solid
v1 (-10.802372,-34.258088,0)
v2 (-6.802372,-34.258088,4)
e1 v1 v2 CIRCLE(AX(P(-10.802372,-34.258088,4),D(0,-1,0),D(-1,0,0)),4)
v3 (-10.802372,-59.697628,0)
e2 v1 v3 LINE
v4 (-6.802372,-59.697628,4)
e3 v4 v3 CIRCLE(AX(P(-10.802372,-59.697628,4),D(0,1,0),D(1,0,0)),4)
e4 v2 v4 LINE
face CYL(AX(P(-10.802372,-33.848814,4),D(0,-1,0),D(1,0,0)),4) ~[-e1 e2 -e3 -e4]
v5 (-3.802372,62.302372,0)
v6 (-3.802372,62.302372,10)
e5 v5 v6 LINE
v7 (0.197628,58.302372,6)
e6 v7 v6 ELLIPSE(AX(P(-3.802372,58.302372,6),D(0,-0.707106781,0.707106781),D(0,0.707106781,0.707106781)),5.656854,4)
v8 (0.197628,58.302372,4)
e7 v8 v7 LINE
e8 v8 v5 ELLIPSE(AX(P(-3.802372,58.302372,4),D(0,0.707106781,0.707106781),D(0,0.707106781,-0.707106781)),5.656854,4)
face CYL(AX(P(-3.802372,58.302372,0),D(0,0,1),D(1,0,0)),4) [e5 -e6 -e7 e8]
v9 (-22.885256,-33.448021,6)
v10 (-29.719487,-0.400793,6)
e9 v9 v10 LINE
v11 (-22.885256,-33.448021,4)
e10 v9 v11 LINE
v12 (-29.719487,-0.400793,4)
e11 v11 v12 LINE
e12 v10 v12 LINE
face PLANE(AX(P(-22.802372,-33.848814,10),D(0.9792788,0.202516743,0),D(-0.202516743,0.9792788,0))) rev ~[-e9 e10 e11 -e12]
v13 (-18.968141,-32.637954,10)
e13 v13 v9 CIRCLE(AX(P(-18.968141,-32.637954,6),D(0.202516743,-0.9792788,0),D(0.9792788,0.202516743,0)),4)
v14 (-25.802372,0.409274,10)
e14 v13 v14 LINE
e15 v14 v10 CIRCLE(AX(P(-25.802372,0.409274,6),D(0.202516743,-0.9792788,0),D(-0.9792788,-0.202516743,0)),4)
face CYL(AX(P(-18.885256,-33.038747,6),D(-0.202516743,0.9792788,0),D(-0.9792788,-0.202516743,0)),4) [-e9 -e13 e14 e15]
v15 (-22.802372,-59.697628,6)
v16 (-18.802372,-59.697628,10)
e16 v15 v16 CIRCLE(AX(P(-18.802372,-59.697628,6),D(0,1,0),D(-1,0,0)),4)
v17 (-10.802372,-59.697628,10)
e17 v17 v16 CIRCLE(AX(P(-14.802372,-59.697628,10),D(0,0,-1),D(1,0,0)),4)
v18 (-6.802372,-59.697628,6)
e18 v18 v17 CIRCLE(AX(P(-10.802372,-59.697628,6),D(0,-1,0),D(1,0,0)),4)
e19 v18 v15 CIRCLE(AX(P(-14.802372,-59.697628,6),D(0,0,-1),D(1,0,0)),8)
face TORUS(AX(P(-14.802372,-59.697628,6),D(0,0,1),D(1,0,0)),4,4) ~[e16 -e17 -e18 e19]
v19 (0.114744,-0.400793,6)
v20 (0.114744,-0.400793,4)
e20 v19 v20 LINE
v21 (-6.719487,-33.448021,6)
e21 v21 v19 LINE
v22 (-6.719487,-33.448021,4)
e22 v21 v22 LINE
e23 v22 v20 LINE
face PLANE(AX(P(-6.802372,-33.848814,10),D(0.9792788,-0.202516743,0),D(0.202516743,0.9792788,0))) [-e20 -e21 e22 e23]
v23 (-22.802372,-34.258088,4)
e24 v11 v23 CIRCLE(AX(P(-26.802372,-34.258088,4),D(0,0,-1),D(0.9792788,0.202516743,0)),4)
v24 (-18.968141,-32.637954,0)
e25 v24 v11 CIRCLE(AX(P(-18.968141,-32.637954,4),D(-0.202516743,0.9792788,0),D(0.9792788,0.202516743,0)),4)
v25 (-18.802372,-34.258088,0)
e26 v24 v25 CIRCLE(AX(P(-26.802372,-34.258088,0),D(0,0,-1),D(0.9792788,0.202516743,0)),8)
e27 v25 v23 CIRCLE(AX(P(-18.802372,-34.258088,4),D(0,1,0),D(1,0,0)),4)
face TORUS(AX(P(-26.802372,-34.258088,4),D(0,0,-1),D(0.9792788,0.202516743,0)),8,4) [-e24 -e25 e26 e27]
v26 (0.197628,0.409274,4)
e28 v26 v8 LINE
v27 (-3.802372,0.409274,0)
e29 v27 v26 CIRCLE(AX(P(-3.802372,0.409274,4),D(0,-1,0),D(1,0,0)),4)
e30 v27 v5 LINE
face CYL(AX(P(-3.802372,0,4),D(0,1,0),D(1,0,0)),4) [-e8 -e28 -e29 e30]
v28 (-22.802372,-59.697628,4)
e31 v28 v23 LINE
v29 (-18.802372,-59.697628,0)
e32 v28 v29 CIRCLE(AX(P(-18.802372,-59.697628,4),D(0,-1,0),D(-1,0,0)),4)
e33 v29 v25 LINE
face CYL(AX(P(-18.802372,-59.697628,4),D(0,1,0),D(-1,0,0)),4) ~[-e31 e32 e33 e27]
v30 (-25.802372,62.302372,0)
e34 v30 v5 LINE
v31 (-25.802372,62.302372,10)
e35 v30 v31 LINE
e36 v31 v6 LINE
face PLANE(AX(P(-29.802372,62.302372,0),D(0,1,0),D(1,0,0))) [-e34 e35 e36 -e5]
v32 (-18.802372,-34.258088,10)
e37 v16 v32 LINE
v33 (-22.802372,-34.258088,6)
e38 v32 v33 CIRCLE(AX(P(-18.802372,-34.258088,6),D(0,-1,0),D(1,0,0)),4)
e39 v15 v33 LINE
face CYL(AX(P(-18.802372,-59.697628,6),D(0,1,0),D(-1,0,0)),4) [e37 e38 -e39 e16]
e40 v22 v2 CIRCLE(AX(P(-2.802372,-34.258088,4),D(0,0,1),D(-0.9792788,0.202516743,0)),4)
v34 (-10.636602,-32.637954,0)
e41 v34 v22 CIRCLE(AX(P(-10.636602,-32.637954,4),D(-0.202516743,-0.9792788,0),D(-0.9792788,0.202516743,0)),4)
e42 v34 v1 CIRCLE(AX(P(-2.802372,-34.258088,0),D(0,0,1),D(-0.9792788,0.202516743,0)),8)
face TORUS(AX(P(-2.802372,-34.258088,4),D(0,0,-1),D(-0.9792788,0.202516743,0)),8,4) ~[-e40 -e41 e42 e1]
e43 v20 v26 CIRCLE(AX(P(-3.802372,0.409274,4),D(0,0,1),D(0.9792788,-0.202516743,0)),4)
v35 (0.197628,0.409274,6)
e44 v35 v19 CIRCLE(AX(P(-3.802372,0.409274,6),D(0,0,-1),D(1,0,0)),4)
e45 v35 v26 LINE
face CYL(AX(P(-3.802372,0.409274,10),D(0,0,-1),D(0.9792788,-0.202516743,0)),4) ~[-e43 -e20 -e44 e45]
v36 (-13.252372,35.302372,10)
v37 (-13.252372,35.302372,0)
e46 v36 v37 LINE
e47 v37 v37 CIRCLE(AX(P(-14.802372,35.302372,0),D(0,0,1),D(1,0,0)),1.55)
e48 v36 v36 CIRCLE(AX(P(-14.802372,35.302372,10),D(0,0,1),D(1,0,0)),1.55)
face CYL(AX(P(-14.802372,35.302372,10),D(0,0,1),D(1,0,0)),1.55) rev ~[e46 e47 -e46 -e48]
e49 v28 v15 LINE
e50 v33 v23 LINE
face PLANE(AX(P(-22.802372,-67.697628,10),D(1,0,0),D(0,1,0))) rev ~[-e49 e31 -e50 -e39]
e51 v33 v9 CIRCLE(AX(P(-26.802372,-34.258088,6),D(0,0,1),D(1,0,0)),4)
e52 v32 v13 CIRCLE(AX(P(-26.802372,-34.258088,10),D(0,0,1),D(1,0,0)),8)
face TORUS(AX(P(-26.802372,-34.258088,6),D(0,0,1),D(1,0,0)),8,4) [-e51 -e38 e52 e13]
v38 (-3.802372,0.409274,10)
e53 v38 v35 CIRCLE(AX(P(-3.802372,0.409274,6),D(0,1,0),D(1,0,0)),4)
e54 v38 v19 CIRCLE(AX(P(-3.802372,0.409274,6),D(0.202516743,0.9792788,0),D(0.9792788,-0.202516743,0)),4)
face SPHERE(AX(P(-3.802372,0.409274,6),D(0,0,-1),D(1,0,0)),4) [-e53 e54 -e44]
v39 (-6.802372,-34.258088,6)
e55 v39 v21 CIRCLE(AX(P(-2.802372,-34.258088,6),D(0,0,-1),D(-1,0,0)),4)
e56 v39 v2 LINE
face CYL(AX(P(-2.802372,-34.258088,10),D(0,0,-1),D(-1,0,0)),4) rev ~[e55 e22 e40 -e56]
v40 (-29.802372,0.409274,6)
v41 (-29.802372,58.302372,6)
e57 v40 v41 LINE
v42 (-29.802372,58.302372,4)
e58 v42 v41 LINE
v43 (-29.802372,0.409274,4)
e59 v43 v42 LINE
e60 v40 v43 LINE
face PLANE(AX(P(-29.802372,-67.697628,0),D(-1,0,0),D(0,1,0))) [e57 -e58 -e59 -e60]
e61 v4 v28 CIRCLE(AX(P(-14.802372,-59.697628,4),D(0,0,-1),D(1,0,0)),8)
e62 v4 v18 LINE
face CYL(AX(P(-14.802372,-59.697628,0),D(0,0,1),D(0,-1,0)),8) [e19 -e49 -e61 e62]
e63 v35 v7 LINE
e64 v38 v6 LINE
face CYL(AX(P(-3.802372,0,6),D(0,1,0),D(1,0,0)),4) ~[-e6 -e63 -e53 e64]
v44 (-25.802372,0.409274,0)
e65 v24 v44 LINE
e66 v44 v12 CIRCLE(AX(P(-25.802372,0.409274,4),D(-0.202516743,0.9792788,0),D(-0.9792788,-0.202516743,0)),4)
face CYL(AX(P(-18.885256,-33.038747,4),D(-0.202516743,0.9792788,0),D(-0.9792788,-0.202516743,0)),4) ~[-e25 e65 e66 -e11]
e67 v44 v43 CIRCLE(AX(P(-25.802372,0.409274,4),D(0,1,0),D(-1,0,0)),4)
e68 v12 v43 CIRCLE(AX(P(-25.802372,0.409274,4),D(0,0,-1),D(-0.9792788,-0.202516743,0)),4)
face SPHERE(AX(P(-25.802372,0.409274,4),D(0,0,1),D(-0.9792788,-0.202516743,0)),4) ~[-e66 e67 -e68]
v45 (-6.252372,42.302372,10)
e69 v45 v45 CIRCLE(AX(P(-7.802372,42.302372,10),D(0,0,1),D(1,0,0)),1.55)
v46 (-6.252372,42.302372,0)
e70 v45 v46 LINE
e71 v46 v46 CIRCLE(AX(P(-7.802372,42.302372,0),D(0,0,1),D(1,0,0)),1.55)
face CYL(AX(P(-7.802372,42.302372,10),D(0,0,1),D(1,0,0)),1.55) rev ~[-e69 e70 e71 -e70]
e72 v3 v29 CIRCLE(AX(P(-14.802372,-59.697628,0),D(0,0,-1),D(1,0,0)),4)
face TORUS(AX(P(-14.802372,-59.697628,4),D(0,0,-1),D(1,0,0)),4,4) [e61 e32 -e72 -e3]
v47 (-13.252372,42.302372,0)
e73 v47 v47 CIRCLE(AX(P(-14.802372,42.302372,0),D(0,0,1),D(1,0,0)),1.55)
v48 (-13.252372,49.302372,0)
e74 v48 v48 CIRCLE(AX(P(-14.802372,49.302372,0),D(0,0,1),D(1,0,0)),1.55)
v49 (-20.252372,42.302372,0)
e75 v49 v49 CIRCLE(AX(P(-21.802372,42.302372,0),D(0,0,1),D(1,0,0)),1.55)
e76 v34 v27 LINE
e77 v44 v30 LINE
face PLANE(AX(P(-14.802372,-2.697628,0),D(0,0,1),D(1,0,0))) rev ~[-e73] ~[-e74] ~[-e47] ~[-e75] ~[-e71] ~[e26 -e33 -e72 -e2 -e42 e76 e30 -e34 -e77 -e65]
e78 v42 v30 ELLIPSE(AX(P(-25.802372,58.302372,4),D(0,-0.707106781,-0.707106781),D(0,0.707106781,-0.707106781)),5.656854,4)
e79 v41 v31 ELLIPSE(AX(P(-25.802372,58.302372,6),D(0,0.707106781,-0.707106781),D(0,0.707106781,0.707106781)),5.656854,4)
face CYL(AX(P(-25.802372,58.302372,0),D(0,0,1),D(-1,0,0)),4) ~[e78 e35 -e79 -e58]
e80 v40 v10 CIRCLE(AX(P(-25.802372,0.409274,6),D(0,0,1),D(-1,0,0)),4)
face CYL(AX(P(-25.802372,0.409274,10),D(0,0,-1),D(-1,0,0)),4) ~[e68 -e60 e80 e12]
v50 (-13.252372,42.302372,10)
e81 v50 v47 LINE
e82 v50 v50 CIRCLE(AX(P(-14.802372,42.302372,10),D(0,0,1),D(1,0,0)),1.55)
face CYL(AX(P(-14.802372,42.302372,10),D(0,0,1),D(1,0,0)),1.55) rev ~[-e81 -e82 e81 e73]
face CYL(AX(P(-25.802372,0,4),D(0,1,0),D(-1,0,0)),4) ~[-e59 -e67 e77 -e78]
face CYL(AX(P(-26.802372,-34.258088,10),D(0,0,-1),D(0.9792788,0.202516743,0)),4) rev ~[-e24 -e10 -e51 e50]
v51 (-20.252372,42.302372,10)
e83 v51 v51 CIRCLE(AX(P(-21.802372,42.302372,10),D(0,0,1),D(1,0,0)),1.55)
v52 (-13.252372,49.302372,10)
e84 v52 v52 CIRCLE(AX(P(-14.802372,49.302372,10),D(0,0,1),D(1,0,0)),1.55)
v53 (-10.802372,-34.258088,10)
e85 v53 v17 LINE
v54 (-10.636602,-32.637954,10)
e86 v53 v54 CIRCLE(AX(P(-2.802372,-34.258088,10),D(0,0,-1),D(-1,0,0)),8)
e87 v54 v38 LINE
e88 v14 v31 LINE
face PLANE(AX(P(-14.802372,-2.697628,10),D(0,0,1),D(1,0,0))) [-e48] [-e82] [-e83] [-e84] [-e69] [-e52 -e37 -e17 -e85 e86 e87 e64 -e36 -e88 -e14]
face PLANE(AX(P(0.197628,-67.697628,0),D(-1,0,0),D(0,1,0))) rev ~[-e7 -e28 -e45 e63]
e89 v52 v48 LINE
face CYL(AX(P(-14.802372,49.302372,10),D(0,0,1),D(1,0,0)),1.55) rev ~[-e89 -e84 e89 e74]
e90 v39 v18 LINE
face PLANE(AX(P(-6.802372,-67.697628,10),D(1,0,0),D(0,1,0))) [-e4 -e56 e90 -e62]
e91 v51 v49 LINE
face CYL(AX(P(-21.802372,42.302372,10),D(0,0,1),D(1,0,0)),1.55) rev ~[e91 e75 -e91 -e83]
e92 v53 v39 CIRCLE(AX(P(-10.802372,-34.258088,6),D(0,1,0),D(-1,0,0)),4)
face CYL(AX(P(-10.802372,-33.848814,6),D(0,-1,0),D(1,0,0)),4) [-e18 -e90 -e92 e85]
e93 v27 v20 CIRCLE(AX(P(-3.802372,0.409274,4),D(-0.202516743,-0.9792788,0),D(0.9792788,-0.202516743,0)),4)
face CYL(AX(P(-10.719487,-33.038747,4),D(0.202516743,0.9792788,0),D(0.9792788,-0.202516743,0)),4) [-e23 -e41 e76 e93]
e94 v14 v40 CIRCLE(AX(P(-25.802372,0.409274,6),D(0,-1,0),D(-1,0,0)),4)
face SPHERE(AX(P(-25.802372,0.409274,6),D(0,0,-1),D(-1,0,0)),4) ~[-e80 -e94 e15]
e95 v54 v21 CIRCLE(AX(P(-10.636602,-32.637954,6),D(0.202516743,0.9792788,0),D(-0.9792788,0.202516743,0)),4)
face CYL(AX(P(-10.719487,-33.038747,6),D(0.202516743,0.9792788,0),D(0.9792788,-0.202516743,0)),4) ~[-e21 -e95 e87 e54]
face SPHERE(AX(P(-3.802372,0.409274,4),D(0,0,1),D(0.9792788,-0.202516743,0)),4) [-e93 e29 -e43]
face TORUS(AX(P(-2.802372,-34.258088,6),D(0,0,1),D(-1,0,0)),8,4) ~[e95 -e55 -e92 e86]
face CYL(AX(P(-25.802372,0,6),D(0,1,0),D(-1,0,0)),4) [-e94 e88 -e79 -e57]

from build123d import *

# Parameters (mm, degrees)
SKETCH2_W           = 30
SKETCH2_H           = 130
BOSS_EXTRUDE1_DEPTH = 10
CUT_EXTRUDE3_DEPTH  = 75.64013832
FILLET3_RADIUS      = 8
FILLET3_LENGTH      = 10
FILLET4_R           = 4
SKETCH3_R           = 1.55
CUT_EXTRUDE4_DEPTH  = 75.64013841


with BuildPart() as part:
    # Sketch2 → Boss-Extrude1 (new body)
    with BuildSketch(Plane.XY):
        with Locations((-14.802371542, -2.697628458)):
            Rectangle(SKETCH2_W, SKETCH2_H)
    extrude(amount=BOSS_EXTRUDE1_DEPTH)

    # Sketch6 → Cut-Extrude3 (cut, through all)
    with BuildSketch(Plane.XY.offset(10)):
        Polygon((-29.802371542, -67.697628458), (-22.802371542, -67.697628458), (-22.802371542, -33.848814229), (-29.802371542, 0), align=None)
        Polygon((0.197628458, -67.697628458), (-6.802371542, -67.697628458), (-6.802371542, -33.848814229), (0.197628458, 0), align=None)
    extrude(amount=-CUT_EXTRUDE3_DEPTH, mode=Mode.SUBTRACT)

    # Fillet3: full round fillet: the end face becomes a half cylinder, R = half its width
    fillet3_face = Plane((-14.802371542, -67.697628458, 5), x_dir=(0, 0, 1), z_dir=(0, -1, 0))  # on the end face: x along it, z out of the body
    fillet3_slab = fillet3_face.offset(-FILLET3_RADIUS / 2) * Box(FILLET3_LENGTH, 2 * FILLET3_RADIUS, FILLET3_RADIUS, mode=Mode.PRIVATE)  # the body's end, R deep
    fillet3_round = Plane((-14.802371542, -59.697628458, 5), x_dir=(0, -1, 0), z_dir=(0, 0, 1)) * Cylinder(FILLET3_RADIUS, FILLET3_LENGTH, mode=Mode.PRIVATE)  # its axis R under the face
    add(fillet3_slab - fillet3_round, mode=Mode.SUBTRACT)

    # Fillet4
    fillet4_edges = [part.edges().sort_by_distance(p)[0] for p in [
        (0.197628458, 31.151185771, 0),
        (0.197628458, 31.151185771, 10),
        (-3.302371542, -16.924407115, 10),
        (-6.802371542, -33.848814229, 5),
        (0.197628458, 0, 5),
        (-3.302371542, -16.924407115, 0),
        (-26.302371542, -16.924407115, 10),
        (-29.802371542, 0, 5),
        (-22.802371542, -33.848814229, 5),
        (-26.302371542, -16.924407115, 0),
        (-22.802371542, -46.773221344, 10),
        (-22.802371542, -46.773221344, 0),
        (-6.802371542, -46.773221344, 10),
        (-6.802371542, -46.773221344, 0),
        (-14.802371542, -67.697628458, 0),
        (-14.802371542, -67.697628458, 10),
        (-29.802371542, 31.151185771, 10),
        (-29.802371542, 31.151185771, 0),
        (-29.802371542, 62.302371542, 5),
        (0.197628458, 62.302371542, 5),
    ]]
    fillet(fillet4_edges, radius=FILLET4_R)

    # Sketch3 → Cut-Extrude4 (cut, through all)
    with BuildSketch(Plane.XY.offset(10)):
        with Locations((-21.802371542, 42.302371542)):
            Circle(SKETCH3_R)
        with Locations((-14.802371542, 49.302371542)):
            Circle(SKETCH3_R)
        with Locations((-7.802371542, 42.302371542)):
            Circle(SKETCH3_R)
        with Locations((-14.802371542, 35.302371542)):
            Circle(SKETCH3_R)
        with Locations((-14.802371542, 42.302371542)):
            Circle(SKETCH3_R)
    extrude(amount=-CUT_EXTRUDE4_DEPTH, mode=Mode.SUBTRACT)


solid = part.part
